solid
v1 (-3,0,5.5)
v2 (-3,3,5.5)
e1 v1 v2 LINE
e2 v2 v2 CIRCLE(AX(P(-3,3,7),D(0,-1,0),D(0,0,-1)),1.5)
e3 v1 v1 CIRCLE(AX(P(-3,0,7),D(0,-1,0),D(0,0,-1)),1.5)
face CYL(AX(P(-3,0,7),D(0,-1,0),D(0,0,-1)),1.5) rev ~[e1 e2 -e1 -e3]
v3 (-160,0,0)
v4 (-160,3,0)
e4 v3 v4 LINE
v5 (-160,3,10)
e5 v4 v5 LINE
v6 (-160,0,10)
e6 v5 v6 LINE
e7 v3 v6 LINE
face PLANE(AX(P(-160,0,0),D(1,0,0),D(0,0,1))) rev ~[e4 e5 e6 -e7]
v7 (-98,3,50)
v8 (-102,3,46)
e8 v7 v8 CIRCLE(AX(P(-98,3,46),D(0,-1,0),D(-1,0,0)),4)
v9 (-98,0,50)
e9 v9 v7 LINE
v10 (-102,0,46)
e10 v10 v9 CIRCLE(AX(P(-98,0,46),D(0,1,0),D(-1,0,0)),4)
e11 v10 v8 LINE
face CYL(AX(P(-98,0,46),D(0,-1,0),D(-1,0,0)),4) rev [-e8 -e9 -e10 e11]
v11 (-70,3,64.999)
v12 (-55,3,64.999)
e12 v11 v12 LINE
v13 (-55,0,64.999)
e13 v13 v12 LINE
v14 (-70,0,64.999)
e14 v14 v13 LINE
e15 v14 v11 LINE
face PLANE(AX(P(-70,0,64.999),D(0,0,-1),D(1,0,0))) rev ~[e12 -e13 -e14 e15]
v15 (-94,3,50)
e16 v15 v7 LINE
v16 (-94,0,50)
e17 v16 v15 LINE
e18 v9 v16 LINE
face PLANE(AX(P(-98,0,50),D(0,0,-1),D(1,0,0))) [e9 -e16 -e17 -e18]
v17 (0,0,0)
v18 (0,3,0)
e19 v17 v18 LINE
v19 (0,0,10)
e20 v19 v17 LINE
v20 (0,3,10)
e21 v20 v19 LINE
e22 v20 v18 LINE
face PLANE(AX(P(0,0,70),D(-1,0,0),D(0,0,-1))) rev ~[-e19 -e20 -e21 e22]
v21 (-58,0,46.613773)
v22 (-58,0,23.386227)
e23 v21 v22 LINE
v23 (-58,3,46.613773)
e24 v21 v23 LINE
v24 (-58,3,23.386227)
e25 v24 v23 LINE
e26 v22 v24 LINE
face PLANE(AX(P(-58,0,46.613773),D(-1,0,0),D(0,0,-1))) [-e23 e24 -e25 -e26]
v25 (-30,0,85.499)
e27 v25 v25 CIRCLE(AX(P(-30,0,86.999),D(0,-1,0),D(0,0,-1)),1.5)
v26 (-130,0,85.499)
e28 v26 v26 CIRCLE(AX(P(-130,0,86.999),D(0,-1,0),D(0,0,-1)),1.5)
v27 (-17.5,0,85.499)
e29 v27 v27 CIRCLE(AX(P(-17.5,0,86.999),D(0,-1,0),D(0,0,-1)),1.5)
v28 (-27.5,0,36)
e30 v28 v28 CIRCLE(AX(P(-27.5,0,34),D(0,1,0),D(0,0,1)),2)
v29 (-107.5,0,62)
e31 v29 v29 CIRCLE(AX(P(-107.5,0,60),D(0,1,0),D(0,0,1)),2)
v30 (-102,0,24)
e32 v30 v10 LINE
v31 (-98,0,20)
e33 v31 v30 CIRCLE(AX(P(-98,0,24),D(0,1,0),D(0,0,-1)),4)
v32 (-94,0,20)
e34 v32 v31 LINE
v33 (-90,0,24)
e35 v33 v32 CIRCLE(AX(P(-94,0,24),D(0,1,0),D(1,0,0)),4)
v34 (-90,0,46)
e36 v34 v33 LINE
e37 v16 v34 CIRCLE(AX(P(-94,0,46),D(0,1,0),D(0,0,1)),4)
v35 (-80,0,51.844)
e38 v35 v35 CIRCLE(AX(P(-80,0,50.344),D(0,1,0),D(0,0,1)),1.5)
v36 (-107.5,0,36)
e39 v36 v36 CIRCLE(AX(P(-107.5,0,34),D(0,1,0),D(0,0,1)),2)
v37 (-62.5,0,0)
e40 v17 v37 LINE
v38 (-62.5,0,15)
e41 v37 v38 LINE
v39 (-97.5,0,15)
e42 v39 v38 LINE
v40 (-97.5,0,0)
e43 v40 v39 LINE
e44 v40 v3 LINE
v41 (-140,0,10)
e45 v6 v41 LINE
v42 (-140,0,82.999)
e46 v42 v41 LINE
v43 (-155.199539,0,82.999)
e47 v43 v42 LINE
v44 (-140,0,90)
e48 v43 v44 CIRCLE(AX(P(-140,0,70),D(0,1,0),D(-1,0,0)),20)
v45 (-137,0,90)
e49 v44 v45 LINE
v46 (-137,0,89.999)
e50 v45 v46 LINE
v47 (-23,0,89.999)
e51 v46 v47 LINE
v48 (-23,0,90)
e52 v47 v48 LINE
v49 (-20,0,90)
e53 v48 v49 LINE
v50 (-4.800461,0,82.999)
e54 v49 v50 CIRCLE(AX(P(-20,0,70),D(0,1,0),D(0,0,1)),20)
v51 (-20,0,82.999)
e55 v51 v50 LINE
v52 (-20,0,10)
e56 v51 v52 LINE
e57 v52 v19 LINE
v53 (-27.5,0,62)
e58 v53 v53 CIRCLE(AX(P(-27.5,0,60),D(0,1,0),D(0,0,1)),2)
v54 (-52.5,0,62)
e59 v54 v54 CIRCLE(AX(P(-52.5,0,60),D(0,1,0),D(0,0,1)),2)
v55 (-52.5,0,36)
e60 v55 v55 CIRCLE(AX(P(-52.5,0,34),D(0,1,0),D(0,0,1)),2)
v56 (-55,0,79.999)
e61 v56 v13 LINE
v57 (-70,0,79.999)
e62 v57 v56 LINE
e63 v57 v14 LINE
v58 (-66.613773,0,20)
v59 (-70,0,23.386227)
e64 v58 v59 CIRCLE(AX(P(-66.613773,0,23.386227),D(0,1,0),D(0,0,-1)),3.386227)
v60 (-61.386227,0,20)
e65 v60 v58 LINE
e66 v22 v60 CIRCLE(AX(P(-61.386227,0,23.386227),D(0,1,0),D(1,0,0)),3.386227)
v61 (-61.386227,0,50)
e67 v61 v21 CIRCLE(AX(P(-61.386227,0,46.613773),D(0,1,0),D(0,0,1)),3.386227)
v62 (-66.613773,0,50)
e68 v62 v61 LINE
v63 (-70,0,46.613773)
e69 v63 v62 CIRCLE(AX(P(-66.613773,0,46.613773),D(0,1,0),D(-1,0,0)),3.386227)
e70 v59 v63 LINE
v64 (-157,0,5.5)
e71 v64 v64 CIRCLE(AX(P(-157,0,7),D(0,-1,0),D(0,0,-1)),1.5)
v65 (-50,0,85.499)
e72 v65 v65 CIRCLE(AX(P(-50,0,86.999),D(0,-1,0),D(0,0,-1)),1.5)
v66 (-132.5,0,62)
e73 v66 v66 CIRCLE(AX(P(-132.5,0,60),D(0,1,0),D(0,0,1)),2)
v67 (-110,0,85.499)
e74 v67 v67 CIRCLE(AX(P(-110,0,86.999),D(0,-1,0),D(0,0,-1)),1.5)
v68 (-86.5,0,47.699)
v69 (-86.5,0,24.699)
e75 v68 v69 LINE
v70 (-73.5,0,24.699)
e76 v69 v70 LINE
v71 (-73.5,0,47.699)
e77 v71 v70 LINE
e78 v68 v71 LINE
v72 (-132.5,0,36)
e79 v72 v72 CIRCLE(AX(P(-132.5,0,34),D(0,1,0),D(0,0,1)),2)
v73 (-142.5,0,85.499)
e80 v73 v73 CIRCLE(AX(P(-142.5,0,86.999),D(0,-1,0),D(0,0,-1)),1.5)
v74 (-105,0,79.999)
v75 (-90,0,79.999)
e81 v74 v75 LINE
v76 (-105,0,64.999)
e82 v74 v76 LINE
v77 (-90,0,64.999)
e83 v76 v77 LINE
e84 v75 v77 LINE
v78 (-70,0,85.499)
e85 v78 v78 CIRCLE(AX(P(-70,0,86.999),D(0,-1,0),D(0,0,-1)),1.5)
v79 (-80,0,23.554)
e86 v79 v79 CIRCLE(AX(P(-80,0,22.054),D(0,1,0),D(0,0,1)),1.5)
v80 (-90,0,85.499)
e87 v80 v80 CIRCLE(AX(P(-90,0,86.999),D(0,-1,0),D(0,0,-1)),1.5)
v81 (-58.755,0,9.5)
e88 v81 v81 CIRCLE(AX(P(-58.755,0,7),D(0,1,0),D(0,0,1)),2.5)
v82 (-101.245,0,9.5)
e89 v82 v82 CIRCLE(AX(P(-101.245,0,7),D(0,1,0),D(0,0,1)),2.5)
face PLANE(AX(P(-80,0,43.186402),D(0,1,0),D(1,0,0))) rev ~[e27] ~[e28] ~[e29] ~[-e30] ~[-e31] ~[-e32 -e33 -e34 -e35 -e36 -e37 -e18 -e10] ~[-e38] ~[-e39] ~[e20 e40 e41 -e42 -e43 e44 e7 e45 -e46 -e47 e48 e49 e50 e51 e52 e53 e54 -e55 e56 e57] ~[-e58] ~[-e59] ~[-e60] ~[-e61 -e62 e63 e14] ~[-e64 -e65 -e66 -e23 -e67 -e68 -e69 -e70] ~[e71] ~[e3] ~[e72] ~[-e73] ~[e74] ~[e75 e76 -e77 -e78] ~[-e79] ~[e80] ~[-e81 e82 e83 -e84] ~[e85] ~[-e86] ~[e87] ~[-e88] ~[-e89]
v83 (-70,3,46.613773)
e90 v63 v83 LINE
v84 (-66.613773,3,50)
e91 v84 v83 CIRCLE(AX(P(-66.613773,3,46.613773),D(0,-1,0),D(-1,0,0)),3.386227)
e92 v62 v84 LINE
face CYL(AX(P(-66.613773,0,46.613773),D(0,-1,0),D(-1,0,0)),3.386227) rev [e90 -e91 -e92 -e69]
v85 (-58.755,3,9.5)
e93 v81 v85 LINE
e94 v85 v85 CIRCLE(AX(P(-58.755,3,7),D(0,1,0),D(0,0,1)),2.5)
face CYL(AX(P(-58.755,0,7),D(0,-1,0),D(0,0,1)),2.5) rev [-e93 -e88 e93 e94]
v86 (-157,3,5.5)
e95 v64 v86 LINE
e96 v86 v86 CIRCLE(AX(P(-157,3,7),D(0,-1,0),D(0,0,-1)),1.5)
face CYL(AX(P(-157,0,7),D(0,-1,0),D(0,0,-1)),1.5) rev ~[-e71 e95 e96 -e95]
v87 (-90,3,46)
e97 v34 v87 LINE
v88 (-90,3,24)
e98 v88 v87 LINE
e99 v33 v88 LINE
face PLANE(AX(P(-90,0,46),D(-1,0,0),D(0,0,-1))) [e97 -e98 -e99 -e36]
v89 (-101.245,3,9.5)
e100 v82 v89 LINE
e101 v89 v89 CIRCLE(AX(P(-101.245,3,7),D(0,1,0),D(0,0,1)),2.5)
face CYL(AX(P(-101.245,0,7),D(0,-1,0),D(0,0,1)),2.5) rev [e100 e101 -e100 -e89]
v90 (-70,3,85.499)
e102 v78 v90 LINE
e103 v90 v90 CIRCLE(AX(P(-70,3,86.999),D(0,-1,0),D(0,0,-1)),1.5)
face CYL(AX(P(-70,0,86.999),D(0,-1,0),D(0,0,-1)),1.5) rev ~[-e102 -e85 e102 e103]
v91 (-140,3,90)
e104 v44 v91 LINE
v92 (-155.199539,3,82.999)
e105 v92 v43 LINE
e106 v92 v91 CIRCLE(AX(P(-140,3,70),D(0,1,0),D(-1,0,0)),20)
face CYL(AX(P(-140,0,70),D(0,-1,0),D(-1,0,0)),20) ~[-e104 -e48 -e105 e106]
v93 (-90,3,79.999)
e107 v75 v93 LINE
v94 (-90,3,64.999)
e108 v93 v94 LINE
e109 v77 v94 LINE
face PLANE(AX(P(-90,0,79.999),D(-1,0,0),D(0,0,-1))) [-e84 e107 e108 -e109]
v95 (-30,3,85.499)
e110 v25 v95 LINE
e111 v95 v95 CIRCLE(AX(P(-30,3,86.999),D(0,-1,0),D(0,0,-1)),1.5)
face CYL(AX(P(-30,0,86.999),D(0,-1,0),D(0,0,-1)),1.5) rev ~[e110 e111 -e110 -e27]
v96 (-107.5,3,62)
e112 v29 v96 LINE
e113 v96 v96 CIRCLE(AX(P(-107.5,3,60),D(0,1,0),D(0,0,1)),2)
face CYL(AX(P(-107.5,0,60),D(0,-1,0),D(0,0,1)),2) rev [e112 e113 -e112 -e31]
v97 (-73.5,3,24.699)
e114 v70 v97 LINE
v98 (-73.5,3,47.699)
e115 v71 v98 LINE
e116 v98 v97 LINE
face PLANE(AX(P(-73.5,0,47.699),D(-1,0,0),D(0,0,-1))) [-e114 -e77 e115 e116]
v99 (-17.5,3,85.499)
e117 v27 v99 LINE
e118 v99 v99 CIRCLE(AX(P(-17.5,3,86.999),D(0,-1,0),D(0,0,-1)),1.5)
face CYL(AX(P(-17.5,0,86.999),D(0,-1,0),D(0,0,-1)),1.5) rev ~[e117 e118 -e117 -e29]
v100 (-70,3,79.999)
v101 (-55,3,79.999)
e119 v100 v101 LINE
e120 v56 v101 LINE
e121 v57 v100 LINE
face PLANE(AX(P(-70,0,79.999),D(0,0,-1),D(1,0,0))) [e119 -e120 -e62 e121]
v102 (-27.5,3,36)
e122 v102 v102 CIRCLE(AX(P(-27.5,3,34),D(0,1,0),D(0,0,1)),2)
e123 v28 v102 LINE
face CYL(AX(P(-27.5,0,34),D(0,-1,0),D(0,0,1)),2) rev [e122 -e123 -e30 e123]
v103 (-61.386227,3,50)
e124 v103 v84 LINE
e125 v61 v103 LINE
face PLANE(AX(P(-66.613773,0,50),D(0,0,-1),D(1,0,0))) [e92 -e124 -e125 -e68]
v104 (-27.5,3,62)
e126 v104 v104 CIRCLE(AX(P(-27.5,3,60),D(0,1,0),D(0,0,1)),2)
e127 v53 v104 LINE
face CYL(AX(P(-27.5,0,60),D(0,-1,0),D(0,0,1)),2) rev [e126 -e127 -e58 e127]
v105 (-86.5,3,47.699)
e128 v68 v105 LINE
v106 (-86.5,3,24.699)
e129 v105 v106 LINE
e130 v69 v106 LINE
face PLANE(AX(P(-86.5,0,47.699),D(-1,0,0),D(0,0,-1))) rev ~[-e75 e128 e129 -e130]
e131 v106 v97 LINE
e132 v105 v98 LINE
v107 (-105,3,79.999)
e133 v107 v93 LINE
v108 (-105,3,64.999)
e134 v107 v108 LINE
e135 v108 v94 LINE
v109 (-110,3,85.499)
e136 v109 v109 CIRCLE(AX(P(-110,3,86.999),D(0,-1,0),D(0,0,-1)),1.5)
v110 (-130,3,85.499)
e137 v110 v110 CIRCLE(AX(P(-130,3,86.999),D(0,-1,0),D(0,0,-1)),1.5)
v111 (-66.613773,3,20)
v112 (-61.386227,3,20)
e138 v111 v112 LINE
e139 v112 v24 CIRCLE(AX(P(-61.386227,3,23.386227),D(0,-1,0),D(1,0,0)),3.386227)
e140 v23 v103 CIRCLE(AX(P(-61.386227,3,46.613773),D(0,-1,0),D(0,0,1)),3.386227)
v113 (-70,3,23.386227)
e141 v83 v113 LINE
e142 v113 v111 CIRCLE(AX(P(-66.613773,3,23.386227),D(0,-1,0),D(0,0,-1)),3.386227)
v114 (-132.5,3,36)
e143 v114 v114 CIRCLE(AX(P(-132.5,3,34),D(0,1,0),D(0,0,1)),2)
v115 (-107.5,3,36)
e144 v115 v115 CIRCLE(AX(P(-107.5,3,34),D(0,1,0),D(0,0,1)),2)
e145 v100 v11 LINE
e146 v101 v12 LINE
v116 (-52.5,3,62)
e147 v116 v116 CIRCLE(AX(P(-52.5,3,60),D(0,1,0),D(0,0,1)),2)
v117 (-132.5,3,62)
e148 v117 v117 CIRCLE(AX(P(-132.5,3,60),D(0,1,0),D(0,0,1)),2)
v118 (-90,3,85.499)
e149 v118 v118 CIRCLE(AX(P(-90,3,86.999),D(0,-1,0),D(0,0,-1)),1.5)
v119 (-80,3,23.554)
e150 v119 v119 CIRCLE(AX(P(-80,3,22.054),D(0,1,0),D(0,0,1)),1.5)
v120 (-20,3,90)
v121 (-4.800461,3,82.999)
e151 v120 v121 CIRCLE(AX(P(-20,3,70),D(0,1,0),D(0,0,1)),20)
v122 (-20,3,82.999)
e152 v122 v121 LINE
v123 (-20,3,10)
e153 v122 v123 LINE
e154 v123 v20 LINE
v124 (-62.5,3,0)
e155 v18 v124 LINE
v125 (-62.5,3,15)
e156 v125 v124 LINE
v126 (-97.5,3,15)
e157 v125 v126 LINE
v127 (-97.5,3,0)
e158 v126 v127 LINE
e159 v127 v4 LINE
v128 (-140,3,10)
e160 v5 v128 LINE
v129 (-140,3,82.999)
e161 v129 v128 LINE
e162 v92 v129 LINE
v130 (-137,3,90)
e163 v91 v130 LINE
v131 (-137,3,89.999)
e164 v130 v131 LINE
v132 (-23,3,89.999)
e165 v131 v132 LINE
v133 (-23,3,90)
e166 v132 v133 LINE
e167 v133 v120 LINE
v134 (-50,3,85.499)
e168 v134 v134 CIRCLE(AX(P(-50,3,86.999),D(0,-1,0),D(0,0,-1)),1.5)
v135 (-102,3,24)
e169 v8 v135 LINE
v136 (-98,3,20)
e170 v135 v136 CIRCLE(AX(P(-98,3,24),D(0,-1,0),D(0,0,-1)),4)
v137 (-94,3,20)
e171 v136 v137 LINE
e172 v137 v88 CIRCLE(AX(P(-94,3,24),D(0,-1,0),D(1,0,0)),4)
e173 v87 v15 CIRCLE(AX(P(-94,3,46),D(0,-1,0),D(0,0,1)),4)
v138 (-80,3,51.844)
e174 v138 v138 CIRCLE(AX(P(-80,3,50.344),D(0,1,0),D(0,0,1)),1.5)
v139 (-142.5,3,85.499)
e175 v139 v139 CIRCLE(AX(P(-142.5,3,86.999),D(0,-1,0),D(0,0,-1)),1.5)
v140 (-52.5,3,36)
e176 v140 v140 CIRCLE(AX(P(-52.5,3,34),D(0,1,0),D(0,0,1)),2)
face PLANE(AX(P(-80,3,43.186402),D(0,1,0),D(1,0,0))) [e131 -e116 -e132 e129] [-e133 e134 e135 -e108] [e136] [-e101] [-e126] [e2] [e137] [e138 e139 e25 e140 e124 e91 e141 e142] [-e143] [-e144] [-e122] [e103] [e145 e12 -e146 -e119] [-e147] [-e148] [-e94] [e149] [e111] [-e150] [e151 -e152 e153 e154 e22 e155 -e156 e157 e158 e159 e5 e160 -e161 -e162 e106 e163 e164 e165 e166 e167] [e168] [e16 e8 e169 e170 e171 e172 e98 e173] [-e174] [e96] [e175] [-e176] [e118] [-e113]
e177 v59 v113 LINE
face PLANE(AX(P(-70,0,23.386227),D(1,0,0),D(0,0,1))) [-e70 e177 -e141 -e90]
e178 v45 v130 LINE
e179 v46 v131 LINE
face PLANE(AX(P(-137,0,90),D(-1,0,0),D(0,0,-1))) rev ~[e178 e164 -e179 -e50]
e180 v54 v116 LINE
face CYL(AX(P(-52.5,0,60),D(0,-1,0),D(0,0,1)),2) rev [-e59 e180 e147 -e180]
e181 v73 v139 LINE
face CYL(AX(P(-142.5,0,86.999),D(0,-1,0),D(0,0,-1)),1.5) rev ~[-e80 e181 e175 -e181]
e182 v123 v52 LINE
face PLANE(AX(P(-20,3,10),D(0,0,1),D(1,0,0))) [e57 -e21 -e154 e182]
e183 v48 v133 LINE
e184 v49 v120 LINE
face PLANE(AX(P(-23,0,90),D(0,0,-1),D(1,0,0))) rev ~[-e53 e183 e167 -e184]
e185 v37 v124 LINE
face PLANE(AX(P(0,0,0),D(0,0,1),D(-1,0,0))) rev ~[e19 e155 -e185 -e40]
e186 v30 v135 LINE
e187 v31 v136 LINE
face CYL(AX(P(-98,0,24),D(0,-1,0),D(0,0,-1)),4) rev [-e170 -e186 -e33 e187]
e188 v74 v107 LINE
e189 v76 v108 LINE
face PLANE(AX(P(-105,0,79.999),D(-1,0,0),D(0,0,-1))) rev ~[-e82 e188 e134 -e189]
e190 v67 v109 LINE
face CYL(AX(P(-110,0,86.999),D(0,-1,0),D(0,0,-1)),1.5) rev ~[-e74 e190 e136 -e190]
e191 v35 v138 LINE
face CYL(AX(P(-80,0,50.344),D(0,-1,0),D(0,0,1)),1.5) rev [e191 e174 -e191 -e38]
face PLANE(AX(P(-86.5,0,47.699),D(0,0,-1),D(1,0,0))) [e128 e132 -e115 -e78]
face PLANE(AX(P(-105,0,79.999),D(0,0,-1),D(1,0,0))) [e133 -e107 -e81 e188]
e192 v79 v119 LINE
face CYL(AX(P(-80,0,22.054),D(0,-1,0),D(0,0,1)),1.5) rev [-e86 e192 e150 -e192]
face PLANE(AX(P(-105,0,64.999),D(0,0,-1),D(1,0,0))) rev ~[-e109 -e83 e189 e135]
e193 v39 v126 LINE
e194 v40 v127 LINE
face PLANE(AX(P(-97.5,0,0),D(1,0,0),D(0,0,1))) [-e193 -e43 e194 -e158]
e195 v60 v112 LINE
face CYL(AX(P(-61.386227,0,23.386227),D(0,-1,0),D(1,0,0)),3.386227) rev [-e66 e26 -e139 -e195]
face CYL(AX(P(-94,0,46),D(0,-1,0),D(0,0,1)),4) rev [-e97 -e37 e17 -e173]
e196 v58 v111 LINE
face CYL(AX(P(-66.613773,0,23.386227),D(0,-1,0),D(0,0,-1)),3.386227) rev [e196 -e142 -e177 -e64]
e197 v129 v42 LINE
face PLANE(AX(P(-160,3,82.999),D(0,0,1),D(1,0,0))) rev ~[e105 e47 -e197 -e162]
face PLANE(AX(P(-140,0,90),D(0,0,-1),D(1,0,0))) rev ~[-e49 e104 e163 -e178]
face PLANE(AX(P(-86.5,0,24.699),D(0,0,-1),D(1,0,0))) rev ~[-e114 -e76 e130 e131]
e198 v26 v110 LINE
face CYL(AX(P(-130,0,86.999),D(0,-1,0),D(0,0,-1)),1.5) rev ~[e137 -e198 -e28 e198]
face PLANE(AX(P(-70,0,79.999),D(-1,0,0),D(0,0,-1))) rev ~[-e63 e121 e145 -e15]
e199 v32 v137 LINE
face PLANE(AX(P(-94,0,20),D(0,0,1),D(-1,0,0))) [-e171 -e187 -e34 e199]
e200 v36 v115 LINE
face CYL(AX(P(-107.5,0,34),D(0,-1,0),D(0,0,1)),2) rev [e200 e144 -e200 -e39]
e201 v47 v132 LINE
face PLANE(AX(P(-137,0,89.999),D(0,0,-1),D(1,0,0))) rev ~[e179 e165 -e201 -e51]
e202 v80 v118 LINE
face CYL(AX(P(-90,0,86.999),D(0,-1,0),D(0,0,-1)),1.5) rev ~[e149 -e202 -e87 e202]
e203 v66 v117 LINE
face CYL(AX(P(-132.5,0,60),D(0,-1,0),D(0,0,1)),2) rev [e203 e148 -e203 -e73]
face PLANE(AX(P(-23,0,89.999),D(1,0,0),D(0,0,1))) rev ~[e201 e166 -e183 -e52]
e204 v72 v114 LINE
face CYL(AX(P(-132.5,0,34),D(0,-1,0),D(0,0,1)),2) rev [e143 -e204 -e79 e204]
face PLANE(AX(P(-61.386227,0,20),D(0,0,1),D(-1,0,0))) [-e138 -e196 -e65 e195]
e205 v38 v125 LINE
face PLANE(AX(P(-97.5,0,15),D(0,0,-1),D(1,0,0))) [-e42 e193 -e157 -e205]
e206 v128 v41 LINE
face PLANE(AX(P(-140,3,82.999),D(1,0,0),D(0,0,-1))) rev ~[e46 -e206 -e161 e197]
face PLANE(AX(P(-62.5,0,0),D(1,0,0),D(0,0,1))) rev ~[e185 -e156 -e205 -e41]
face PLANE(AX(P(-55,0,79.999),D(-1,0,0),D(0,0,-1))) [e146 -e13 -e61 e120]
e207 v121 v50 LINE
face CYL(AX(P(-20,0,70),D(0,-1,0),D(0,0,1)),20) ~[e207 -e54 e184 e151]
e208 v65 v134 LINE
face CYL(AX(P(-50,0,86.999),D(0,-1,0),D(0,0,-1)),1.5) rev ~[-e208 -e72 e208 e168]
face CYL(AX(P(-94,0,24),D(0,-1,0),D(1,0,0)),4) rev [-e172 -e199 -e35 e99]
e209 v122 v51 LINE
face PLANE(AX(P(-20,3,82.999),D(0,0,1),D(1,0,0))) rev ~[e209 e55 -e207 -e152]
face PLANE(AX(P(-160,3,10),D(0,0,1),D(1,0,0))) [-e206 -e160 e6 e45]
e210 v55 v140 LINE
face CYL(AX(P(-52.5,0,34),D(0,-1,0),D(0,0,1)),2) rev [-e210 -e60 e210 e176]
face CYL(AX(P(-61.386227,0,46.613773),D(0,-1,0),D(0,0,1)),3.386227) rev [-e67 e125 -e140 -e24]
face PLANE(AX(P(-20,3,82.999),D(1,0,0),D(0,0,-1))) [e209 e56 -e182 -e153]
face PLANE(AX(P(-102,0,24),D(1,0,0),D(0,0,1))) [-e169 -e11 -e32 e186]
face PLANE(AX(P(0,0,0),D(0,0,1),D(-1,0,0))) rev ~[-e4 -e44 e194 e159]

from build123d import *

# Parameters (mm, degrees)
CROQUIS1_R              = 2.5
CROQUIS1_R_2            = 2
CROQUIS1_R_3            = 1.5
CROQUIS1_W              = 13
CROQUIS1_H              = 23
CROQUIS1_W_2            = 15
CROQUIS1_H_2            = 15
SALIENTE_EXTRUIR1_DEPTH = 3
CROQUIS2_W              = 20
CROQUIS2_H              = 72.999
CORTAR_EXTRUIR1_DEPTH   = 10
CROQUIS3_W              = 35
CROQUIS3_H              = 15
CORTAR_EXTRUIR2_DEPTH   = 10
CROQUIS4_R              = 1.5
CORTAR_EXTRUIR3_DEPTH   = 10
CORTAR_EXTRUIR4_DEPTH   = 10


with BuildPart() as part:
    # Croquis1 → Saliente-Extruir1 (new body)
    with BuildSketch(Plane(origin=(0, 0, 0), x_dir=(1, 0, 0), z_dir=(0, 1, 0))):
        with BuildLine():
            Line((0, 0), (-160, 0))
            Line((-160, 0), (-160, -70))
            ThreePointArc((-160, -70), (-154.142135624, -84.142135624), (-140, -90))
            Line((-140, -90), (-137, -90))
            Line((-137, -90), (-137, -89.999))
            Line((-137, -89.999), (-23, -89.999))
            Line((-23, -89.999), (-23, -90))
            Line((-23, -90), (-20, -90))
            ThreePointArc((-20, -90), (-5.857864376, -84.142135624), (0, -70))
            Line((0, -70), (0, 0))
        make_face()
        with Locations(Location((-101.245, -7, 0), (0, 0, 270))):
            Circle(CROQUIS1_R, mode=Mode.SUBTRACT)
        with Locations(Location((-58.755, -7, 0), (0, 0, 270))):
            Circle(CROQUIS1_R, mode=Mode.SUBTRACT)
        with Locations(Location((-27.5, -60, 0), (0, 0, 270))):
            Circle(CROQUIS1_R_2, mode=Mode.SUBTRACT)
        with Locations(Location((-52.5, -60, 0), (0, 0, 270))):
            Circle(CROQUIS1_R_2, mode=Mode.SUBTRACT)
        with Locations(Location((-27.5, -34, 0), (0, 0, 270))):
            Circle(CROQUIS1_R_2, mode=Mode.SUBTRACT)
        with Locations(Location((-52.5, -34, 0), (0, 0, 270))):
            Circle(CROQUIS1_R_2, mode=Mode.SUBTRACT)
        with Locations(Location((-107.5, -34, 0), (0, 0, 270))):
            Circle(CROQUIS1_R_2, mode=Mode.SUBTRACT)
        with Locations(Location((-132.5, -34, 0), (0, 0, 270))):
            Circle(CROQUIS1_R_2, mode=Mode.SUBTRACT)
        with Locations(Location((-132.5, -60, 0), (0, 0, 270))):
            Circle(CROQUIS1_R_2, mode=Mode.SUBTRACT)
        with Locations(Location((-107.5, -60, 0), (0, 0, 270))):
            Circle(CROQUIS1_R_2, mode=Mode.SUBTRACT)
        with Locations(Location((-80, -22.054, 0), (0, 0, 270))):
            Circle(CROQUIS1_R_3, mode=Mode.SUBTRACT)
        with Locations(Location((-80, -50.344, 0), (0, 0, 270))):
            Circle(CROQUIS1_R_3, mode=Mode.SUBTRACT)
        with Locations((-80, -36.199)):
            Rectangle(CROQUIS1_W, CROQUIS1_H, mode=Mode.SUBTRACT)
        with Locations((-97.5, -72.499)):
            Rectangle(CROQUIS1_W_2, CROQUIS1_H_2, mode=Mode.SUBTRACT)
        with Locations((-62.5, -72.499)):
            Rectangle(CROQUIS1_W_2, CROQUIS1_H_2, mode=Mode.SUBTRACT)
    extrude(amount=SALIENTE_EXTRUIR1_DEPTH)

    # Croquis2 → Cortar-Extruir1 (cut)
    with BuildSketch(Plane(origin=(0, 3, 0), x_dir=(1, 0, 0), z_dir=(0, 1, 0))):
        with Locations((-150, -46.4995)):
            Rectangle(CROQUIS2_W, CROQUIS2_H)
        with Locations((-10, -46.4995)):
            Rectangle(CROQUIS2_W, CROQUIS2_H)
    extrude(amount=-CORTAR_EXTRUIR1_DEPTH, mode=Mode.SUBTRACT)

    # Croquis3 → Cortar-Extruir2 (cut)
    with BuildSketch(Plane.XZ):
        with Locations((-80, 7.5)):
            Rectangle(CROQUIS3_W, CROQUIS3_H)
    extrude(amount=-CORTAR_EXTRUIR2_DEPTH, mode=Mode.SUBTRACT)

    # Croquis4 → Cortar-Extruir3 (cut)
    with BuildSketch(Plane(origin=(0, 0, 0), x_dir=(-1, 0, 0), z_dir=(0, -1, 0))):
        with Locations(Location((157, -7, 0), (0, 0, 90))):
            Circle(CROQUIS4_R)
        with Locations(Location((3, -7, 0), (0, 0, 90))):
            Circle(CROQUIS4_R)
        with Locations(Location((30, -86.999, 0), (0, 0, 90))):
            Circle(CROQUIS4_R)
        with Locations(Location((50, -86.999, 0), (0, 0, 90))):
            Circle(CROQUIS4_R)
        with Locations(Location((70, -86.999, 0), (0, 0, 90))):
            Circle(CROQUIS4_R)
        with Locations(Location((130, -86.999, 0), (0, 0, 90))):
            Circle(CROQUIS4_R)
        with Locations(Location((90, -86.999, 0), (0, 0, 90))):
            Circle(CROQUIS4_R)
        with Locations(Location((110, -86.999, 0), (0, 0, 90))):
            Circle(CROQUIS4_R)
        with Locations(Location((142.5, -86.999, 0), (0, 0, 90))):
            Circle(CROQUIS4_R)
        with Locations(Location((17.5, -86.999, 0), (0, 0, 90))):
            Circle(CROQUIS4_R)
    extrude(amount=-CORTAR_EXTRUIR3_DEPTH, mode=Mode.SUBTRACT)

    # Croquis5 → Cortar-Extruir4 (cut)
    with BuildSketch(Plane(origin=(0, 0, 0), x_dir=(-1, 0, 0), z_dir=(0, -1, 0))):
        with BuildLine():
            Line((98, -50), (94, -50))
            ThreePointArc((94, -50), (91.171572875, -48.828427125), (90, -46))
            Line((90, -46), (90, -24))
            ThreePointArc((90, -24), (91.171572875, -21.171572875), (94, -20))
            Line((94, -20), (98, -20))
            ThreePointArc((98, -20), (100.828427125, -21.171572875), (102, -24))
            Line((102, -24), (102, -46))
            ThreePointArc((102, -46), (100.828427125, -48.828427125), (98, -50))
        make_face()
        with BuildLine():
            Line((66.613773368, -50), (61.386226632, -50))
            ThreePointArc((61.386226632, -50), (58.991802818, -49.008197182), (58, -46.613773368))
            Line((58, -46.613773368), (58, -23.386226632))
            ThreePointArc((58, -23.386226632), (58.991802818, -20.991802818), (61.386226632, -20))
            Line((61.386226632, -20), (66.613773368, -20))
            ThreePointArc((66.613773368, -20), (69.008197182, -20.991802818), (70, -23.386226632))
            Line((70, -23.386226632), (70, -46.613773368))
            ThreePointArc((70, -46.613773368), (69.008197182, -49.008197182), (66.613773368, -50))
        make_face()
    extrude(amount=-CORTAR_EXTRUIR4_DEPTH, mode=Mode.SUBTRACT)


solid = part.part
